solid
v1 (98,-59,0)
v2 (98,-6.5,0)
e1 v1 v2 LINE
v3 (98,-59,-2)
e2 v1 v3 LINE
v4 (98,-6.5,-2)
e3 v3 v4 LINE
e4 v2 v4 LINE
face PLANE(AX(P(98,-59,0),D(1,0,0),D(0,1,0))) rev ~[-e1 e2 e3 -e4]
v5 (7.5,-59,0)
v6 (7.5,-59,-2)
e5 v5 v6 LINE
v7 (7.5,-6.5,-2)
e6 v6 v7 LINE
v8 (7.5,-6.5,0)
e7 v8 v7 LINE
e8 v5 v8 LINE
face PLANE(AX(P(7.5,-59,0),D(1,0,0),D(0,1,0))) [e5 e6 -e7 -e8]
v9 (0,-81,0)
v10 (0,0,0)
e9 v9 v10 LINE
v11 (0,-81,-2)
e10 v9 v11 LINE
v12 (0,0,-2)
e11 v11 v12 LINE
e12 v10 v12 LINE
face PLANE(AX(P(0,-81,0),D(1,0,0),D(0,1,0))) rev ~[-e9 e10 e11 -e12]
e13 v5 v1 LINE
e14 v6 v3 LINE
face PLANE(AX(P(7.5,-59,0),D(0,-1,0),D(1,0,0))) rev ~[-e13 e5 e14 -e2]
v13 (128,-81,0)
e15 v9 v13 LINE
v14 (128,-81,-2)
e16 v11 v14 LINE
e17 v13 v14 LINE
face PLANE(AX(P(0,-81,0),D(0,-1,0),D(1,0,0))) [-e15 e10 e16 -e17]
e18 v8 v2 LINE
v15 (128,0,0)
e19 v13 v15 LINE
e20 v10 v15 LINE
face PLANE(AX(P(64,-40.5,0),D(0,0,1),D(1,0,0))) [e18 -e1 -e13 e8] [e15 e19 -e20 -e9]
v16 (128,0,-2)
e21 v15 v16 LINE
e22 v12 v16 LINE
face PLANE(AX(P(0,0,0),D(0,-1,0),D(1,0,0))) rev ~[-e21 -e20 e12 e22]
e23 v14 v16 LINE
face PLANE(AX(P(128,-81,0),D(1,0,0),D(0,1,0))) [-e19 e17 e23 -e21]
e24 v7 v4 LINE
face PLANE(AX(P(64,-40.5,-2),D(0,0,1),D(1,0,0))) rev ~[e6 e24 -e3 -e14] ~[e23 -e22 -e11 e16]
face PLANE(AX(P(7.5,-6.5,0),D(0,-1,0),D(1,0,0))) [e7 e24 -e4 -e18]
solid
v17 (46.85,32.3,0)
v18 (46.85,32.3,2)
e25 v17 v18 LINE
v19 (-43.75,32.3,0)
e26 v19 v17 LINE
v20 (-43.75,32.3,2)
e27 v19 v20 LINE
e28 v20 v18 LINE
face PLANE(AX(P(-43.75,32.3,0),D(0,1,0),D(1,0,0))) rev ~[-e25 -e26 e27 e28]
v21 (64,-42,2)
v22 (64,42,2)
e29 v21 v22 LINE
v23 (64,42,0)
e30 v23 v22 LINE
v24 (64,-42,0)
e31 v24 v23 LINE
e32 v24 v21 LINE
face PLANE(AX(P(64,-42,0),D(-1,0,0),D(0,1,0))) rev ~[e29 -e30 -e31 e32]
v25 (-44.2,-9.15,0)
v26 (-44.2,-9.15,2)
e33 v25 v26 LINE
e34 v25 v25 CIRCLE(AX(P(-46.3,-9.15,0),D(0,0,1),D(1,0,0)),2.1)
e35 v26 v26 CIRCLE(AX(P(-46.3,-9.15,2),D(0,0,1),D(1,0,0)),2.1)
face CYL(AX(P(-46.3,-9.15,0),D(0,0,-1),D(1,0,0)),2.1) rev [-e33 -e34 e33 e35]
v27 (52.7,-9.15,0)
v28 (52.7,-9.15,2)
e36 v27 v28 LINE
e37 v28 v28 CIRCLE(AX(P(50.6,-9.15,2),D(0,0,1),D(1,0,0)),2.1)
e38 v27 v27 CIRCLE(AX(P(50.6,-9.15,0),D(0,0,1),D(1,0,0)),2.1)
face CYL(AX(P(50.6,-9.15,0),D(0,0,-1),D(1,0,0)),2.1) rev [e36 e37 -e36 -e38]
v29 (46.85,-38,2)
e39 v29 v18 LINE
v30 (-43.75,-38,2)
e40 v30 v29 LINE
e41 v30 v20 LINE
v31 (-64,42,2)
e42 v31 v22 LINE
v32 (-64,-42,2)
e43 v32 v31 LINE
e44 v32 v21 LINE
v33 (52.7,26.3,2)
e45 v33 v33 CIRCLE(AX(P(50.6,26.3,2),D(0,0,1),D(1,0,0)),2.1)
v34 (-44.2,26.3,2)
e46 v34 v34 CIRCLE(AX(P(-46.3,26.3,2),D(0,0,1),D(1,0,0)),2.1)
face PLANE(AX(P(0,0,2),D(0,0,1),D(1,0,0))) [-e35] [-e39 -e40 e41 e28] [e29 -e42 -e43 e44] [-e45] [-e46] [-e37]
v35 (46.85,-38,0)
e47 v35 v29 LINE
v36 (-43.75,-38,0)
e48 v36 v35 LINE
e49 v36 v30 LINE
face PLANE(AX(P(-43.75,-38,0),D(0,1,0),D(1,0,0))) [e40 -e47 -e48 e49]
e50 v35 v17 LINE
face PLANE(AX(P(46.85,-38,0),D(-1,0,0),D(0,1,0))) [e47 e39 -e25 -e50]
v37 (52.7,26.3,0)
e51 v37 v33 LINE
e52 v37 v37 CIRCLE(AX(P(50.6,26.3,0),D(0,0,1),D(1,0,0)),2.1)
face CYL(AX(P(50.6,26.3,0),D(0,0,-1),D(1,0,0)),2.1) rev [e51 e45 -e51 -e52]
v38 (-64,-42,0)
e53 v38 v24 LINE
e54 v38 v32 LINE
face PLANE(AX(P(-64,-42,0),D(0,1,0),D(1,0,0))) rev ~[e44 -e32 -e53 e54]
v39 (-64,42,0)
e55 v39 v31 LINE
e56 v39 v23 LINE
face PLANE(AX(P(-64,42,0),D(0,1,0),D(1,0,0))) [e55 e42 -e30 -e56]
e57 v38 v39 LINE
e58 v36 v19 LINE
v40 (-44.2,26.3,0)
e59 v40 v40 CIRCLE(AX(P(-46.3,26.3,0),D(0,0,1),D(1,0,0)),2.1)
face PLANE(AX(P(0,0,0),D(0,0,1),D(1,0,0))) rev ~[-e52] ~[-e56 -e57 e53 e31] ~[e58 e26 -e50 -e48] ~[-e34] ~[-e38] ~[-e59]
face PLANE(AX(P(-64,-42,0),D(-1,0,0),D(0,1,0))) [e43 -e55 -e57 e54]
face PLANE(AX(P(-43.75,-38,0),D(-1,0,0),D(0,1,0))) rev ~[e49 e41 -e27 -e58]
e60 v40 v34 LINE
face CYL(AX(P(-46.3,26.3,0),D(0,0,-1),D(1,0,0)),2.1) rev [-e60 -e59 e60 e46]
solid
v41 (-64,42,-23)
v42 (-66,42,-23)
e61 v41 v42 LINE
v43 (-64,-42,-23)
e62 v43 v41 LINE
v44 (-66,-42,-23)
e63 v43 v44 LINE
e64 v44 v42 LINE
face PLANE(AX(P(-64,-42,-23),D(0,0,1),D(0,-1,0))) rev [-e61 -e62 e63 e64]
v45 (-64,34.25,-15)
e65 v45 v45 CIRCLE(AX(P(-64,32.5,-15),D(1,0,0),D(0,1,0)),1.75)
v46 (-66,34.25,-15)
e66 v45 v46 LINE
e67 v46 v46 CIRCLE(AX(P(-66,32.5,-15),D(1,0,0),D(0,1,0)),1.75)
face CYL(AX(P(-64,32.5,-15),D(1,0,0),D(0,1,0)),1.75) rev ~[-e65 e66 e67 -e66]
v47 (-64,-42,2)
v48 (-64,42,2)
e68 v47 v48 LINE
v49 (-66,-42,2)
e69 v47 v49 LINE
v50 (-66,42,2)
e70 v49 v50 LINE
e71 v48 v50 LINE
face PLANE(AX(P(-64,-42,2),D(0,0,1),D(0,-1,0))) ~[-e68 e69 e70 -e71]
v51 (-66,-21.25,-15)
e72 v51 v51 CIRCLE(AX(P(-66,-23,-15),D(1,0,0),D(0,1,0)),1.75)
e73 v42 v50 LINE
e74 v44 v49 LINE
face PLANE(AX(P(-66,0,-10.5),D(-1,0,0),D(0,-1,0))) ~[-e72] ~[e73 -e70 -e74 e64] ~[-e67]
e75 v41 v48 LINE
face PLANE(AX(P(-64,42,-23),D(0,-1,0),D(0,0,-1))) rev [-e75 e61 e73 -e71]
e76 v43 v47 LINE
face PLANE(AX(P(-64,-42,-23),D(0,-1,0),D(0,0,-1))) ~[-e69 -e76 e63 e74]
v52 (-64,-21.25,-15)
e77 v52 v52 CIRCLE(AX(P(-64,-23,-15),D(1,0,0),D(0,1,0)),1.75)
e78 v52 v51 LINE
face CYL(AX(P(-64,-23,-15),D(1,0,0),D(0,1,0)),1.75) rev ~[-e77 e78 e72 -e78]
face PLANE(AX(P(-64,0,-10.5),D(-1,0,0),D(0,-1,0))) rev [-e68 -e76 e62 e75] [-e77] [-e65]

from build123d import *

# Parameters (mm, degrees)
SKETCH001_W      = 128
SKETCH001_H      = 81
EXTRUDE_DEPTH    = 2
SKETCH002_W      = 90.5
SKETCH002_H      = 52.5
POCKET_DEPTH     = 2.001
SKETCH003_W      = 128
SKETCH003_H      = 84
SKETCH003_R      = 2.1
SKETCH003_W_2    = 90.6
SKETCH003_H_2    = 70.3
PAD_DEPTH        = 2
SKETCH004_W      = 84
SKETCH004_H      = 25
SKETCH004_R      = 1.75
EXTRUDE001_DEPTH = 2


with BuildPart() as pocket:
    # Sketch001 → Extrude (new body)
    with BuildSketch(Plane.XY):
        with Locations((64, -40.5)):
            Rectangle(SKETCH001_W, SKETCH001_H)
    extrude(amount=-EXTRUDE_DEPTH)

    # Sketch002 (on Face6 of Extrude) → Pocket (cut, through all)
    with BuildSketch(Plane.XY):
        with Locations((52.75, -32.75)):
            Rectangle(SKETCH002_W, SKETCH002_H)
    extrude(amount=-POCKET_DEPTH, mode=Mode.SUBTRACT)


with BuildPart() as body001:
    # Sketch003 → Pad (new body)
    with BuildSketch(Plane.XY):
        Rectangle(SKETCH003_W, SKETCH003_H)
        with Locations((-46.3, 26.3)):
            Circle(SKETCH003_R, mode=Mode.SUBTRACT)
        with Locations((-46.3, -9.15)):
            Circle(SKETCH003_R, mode=Mode.SUBTRACT)
        with Locations((50.6, -9.15)):
            Circle(SKETCH003_R, mode=Mode.SUBTRACT)
        with Locations((50.6, 26.3)):
            Circle(SKETCH003_R, mode=Mode.SUBTRACT)
        with Locations((1.55, -2.85)):
            Rectangle(SKETCH003_W_2, SKETCH003_H_2, mode=Mode.SUBTRACT)
    extrude(amount=PAD_DEPTH)


with BuildPart() as extrude001:
    # Sketch004 (on Face2 of Pad) → Extrude001 (new body)
    with BuildSketch(Plane.YZ.offset(64)):
        with Locations((0, -10.5)):
            Rectangle(SKETCH004_W, SKETCH004_H)
        with Locations((-23, -15)):
            Circle(SKETCH004_R, mode=Mode.SUBTRACT)
        with Locations((32.5, -15)):
            Circle(SKETCH004_R, mode=Mode.SUBTRACT)
    extrude(amount=EXTRUDE001_DEPTH)


with BuildPart() as part_mirroring:
    # Part__Mirroring: instance of Extrude001
    add(extrude001.part.mirror(Plane(origin=(0, 0, 0), x_dir=(0, -1, 0), z_dir=(1, 0, 0))))


solid = Compound([pocket.part, body001.part, part_mirroring.part])
